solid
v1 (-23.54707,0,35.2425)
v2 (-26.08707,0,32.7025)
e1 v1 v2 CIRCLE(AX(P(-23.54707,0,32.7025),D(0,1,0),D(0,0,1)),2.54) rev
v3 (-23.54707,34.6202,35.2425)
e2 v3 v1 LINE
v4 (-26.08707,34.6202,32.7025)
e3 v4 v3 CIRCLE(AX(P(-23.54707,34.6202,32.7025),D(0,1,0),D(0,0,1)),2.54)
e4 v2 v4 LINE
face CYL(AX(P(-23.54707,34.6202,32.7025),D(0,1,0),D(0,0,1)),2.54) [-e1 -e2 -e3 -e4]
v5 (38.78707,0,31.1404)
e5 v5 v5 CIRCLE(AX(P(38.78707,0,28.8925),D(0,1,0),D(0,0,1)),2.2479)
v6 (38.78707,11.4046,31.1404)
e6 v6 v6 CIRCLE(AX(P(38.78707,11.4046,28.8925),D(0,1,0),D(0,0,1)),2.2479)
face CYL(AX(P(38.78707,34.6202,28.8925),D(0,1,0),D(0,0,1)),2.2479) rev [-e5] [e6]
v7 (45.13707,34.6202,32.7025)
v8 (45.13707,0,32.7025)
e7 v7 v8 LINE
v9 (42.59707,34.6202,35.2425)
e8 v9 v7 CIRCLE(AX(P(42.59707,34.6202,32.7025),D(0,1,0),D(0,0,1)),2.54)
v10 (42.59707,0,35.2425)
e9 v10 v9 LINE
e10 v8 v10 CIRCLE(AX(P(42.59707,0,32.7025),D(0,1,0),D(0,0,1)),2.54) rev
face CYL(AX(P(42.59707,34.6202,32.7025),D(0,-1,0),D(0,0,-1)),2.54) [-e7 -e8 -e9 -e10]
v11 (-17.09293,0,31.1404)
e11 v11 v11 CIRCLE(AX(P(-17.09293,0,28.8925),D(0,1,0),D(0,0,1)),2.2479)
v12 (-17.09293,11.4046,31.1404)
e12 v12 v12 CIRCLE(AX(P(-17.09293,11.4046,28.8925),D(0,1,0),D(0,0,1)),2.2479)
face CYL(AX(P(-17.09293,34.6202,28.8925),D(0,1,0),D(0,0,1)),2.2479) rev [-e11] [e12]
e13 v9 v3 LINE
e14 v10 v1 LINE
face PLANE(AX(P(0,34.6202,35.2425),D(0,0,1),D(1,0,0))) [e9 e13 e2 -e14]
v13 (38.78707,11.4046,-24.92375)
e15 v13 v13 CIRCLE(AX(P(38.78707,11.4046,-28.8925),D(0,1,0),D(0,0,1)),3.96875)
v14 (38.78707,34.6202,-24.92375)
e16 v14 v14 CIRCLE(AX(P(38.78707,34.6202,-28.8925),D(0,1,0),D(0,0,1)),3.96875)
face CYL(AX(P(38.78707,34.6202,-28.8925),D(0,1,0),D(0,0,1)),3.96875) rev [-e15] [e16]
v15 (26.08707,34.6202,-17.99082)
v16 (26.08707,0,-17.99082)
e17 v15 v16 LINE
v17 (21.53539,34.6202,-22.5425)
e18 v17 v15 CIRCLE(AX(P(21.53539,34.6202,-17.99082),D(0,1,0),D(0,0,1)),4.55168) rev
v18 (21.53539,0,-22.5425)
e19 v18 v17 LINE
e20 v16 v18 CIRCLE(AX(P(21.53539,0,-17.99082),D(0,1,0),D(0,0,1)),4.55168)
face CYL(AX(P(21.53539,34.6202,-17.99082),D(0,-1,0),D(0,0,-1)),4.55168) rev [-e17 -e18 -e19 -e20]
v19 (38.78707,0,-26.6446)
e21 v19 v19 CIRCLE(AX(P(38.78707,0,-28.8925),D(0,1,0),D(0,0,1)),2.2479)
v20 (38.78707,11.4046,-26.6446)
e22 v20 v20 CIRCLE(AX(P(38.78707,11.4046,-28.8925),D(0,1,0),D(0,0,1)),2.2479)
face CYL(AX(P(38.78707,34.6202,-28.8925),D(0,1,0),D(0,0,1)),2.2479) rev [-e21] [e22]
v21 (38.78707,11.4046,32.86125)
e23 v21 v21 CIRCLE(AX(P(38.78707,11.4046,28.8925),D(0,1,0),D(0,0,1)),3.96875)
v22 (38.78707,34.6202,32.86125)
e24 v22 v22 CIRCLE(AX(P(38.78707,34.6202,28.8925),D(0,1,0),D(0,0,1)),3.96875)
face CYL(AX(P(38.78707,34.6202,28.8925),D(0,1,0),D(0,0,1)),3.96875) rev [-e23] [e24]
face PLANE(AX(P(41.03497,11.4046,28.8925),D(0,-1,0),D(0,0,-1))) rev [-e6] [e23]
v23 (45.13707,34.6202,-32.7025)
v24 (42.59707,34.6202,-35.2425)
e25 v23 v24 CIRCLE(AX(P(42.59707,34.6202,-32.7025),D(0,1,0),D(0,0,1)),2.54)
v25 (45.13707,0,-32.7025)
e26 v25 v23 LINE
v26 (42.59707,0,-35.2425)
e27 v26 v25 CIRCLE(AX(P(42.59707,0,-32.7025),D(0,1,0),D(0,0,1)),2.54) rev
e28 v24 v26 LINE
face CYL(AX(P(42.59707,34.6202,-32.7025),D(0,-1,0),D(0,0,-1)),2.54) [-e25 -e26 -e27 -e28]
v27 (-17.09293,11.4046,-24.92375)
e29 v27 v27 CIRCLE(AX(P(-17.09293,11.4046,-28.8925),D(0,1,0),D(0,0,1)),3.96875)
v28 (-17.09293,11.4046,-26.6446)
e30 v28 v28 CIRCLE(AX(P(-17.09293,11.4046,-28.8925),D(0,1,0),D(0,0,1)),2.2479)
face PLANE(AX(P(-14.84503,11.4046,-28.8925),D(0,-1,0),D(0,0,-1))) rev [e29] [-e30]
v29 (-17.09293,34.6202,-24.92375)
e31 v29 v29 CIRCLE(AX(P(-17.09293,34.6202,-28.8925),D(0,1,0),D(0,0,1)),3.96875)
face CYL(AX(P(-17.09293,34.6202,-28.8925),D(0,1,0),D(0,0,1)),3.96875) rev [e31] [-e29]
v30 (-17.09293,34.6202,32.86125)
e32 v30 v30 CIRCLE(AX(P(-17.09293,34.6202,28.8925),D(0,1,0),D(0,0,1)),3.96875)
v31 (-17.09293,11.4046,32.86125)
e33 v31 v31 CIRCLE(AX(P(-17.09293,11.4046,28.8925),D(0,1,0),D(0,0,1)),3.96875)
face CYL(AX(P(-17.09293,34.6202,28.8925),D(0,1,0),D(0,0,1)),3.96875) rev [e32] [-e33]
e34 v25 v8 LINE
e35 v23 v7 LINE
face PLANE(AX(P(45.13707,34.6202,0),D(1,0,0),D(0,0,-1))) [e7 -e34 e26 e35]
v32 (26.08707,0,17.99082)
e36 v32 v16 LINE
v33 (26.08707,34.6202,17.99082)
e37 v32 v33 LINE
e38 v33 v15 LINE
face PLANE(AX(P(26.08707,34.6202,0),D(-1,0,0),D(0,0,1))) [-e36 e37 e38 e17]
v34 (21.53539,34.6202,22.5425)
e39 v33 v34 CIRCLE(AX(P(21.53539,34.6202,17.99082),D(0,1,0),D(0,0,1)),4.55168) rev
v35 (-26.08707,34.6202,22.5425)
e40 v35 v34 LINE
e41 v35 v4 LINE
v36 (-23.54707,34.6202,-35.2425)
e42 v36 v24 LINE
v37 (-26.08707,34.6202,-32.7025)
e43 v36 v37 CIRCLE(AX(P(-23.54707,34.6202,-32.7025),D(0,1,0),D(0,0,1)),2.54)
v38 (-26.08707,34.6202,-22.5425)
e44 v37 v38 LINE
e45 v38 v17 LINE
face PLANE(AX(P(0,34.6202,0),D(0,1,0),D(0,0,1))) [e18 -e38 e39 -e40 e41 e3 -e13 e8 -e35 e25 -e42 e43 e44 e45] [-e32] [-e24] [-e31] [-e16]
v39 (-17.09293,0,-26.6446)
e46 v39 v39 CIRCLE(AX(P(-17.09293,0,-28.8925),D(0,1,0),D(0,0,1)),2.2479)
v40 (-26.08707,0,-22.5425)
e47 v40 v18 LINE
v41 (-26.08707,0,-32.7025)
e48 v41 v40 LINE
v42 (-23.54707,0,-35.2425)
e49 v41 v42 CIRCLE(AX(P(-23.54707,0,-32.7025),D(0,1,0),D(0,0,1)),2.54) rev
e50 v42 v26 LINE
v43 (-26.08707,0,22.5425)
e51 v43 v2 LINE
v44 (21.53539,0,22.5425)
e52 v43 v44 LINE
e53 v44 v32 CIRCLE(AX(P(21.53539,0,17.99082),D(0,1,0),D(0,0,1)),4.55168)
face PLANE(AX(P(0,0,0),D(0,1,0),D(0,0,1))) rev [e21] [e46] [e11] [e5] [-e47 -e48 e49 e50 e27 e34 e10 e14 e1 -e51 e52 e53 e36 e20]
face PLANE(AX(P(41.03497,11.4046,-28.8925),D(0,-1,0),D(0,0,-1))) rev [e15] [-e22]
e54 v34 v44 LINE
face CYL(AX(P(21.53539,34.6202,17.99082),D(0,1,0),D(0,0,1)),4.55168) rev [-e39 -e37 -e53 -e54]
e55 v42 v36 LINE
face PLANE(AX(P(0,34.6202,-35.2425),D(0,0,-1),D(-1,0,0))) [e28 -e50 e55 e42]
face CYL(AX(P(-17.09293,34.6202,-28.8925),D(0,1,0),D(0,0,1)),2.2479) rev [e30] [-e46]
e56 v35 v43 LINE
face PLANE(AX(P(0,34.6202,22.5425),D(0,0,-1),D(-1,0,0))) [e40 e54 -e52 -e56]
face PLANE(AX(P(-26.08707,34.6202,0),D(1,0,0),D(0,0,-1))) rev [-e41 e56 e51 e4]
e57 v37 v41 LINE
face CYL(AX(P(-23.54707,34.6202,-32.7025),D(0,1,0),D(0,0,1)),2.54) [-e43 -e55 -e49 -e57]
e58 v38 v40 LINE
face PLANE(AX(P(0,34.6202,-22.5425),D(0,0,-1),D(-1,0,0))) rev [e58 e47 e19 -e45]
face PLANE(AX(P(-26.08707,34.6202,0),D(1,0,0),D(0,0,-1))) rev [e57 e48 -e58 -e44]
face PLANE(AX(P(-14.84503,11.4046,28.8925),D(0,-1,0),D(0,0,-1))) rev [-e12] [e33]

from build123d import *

# Parameters (mm, degrees)
BOSS_EXTRUDE2_DEPTH                            = 34.6202
CBORE_FOR_8_SOCKET_HEAD_CAP_SCREW2_D           = 4.4958
CBORE_FOR_8_SOCKET_HEAD_CAP_SCREW2_CBORE_D     = 7.9375
CBORE_FOR_8_SOCKET_HEAD_CAP_SCREW2_CBORE_DEPTH = 23.2156
FILLET2_R                                      = 4.55168
FILLET3_R                                      = 2.54


with BuildPart() as part:
    # Sketch1 → Boss-Extrude2 (new body)
    with BuildSketch(Plane(origin=(0, 0, 0), x_dir=(1, 0, 0), z_dir=(0, 1, 0))):
        Polygon((45.13707, 35.2425), (-26.08707, 35.2425), (-26.08707, 22.5425), (26.08707, 22.5425), (26.08707, -22.5425), (-26.08707, -22.5425), (-26.08707, -35.2425), (45.13707, -35.2425), align=None)
    extrude(amount=BOSS_EXTRUDE2_DEPTH)

    # CBORE for #8 Socket Head Cap Screw2 (through all)
    with Locations(Plane(origin=(0, 34.6202, 0), x_dir=(1, 0, 0), z_dir=(0, 1, 0))):
        with Locations((-72.97293, 28.8925), (38.78707, 28.8925), (38.78707, -28.8925), (-72.97293, -28.8925), (-17.09293, 28.8925), (-17.09293, -28.8925)):
            CounterBoreHole(CBORE_FOR_8_SOCKET_HEAD_CAP_SCREW2_D / 2, CBORE_FOR_8_SOCKET_HEAD_CAP_SCREW2_CBORE_D / 2, CBORE_FOR_8_SOCKET_HEAD_CAP_SCREW2_CBORE_DEPTH)

    # Fillet2
    fillet2_edges = [part.edges().sort_by_distance(p)[0] for p in [
        (26.08707, 17.3101, 22.5425),
        (26.08707, 17.3101, -22.5425),
    ]]
    fillet(fillet2_edges, radius=FILLET2_R)

    # Fillet3
    fillet3_edges = [part.edges().sort_by_distance(p)[0] for p in [
        (45.13707, 17.3101, -35.2425),
        (45.13707, 17.3101, 35.2425),
        (-26.08707, 17.3101, 35.2425),
        (-26.08707, 17.3101, -35.2425),
    ]]
    fillet(fillet3_edges, radius=FILLET3_R)


solid = part.part
